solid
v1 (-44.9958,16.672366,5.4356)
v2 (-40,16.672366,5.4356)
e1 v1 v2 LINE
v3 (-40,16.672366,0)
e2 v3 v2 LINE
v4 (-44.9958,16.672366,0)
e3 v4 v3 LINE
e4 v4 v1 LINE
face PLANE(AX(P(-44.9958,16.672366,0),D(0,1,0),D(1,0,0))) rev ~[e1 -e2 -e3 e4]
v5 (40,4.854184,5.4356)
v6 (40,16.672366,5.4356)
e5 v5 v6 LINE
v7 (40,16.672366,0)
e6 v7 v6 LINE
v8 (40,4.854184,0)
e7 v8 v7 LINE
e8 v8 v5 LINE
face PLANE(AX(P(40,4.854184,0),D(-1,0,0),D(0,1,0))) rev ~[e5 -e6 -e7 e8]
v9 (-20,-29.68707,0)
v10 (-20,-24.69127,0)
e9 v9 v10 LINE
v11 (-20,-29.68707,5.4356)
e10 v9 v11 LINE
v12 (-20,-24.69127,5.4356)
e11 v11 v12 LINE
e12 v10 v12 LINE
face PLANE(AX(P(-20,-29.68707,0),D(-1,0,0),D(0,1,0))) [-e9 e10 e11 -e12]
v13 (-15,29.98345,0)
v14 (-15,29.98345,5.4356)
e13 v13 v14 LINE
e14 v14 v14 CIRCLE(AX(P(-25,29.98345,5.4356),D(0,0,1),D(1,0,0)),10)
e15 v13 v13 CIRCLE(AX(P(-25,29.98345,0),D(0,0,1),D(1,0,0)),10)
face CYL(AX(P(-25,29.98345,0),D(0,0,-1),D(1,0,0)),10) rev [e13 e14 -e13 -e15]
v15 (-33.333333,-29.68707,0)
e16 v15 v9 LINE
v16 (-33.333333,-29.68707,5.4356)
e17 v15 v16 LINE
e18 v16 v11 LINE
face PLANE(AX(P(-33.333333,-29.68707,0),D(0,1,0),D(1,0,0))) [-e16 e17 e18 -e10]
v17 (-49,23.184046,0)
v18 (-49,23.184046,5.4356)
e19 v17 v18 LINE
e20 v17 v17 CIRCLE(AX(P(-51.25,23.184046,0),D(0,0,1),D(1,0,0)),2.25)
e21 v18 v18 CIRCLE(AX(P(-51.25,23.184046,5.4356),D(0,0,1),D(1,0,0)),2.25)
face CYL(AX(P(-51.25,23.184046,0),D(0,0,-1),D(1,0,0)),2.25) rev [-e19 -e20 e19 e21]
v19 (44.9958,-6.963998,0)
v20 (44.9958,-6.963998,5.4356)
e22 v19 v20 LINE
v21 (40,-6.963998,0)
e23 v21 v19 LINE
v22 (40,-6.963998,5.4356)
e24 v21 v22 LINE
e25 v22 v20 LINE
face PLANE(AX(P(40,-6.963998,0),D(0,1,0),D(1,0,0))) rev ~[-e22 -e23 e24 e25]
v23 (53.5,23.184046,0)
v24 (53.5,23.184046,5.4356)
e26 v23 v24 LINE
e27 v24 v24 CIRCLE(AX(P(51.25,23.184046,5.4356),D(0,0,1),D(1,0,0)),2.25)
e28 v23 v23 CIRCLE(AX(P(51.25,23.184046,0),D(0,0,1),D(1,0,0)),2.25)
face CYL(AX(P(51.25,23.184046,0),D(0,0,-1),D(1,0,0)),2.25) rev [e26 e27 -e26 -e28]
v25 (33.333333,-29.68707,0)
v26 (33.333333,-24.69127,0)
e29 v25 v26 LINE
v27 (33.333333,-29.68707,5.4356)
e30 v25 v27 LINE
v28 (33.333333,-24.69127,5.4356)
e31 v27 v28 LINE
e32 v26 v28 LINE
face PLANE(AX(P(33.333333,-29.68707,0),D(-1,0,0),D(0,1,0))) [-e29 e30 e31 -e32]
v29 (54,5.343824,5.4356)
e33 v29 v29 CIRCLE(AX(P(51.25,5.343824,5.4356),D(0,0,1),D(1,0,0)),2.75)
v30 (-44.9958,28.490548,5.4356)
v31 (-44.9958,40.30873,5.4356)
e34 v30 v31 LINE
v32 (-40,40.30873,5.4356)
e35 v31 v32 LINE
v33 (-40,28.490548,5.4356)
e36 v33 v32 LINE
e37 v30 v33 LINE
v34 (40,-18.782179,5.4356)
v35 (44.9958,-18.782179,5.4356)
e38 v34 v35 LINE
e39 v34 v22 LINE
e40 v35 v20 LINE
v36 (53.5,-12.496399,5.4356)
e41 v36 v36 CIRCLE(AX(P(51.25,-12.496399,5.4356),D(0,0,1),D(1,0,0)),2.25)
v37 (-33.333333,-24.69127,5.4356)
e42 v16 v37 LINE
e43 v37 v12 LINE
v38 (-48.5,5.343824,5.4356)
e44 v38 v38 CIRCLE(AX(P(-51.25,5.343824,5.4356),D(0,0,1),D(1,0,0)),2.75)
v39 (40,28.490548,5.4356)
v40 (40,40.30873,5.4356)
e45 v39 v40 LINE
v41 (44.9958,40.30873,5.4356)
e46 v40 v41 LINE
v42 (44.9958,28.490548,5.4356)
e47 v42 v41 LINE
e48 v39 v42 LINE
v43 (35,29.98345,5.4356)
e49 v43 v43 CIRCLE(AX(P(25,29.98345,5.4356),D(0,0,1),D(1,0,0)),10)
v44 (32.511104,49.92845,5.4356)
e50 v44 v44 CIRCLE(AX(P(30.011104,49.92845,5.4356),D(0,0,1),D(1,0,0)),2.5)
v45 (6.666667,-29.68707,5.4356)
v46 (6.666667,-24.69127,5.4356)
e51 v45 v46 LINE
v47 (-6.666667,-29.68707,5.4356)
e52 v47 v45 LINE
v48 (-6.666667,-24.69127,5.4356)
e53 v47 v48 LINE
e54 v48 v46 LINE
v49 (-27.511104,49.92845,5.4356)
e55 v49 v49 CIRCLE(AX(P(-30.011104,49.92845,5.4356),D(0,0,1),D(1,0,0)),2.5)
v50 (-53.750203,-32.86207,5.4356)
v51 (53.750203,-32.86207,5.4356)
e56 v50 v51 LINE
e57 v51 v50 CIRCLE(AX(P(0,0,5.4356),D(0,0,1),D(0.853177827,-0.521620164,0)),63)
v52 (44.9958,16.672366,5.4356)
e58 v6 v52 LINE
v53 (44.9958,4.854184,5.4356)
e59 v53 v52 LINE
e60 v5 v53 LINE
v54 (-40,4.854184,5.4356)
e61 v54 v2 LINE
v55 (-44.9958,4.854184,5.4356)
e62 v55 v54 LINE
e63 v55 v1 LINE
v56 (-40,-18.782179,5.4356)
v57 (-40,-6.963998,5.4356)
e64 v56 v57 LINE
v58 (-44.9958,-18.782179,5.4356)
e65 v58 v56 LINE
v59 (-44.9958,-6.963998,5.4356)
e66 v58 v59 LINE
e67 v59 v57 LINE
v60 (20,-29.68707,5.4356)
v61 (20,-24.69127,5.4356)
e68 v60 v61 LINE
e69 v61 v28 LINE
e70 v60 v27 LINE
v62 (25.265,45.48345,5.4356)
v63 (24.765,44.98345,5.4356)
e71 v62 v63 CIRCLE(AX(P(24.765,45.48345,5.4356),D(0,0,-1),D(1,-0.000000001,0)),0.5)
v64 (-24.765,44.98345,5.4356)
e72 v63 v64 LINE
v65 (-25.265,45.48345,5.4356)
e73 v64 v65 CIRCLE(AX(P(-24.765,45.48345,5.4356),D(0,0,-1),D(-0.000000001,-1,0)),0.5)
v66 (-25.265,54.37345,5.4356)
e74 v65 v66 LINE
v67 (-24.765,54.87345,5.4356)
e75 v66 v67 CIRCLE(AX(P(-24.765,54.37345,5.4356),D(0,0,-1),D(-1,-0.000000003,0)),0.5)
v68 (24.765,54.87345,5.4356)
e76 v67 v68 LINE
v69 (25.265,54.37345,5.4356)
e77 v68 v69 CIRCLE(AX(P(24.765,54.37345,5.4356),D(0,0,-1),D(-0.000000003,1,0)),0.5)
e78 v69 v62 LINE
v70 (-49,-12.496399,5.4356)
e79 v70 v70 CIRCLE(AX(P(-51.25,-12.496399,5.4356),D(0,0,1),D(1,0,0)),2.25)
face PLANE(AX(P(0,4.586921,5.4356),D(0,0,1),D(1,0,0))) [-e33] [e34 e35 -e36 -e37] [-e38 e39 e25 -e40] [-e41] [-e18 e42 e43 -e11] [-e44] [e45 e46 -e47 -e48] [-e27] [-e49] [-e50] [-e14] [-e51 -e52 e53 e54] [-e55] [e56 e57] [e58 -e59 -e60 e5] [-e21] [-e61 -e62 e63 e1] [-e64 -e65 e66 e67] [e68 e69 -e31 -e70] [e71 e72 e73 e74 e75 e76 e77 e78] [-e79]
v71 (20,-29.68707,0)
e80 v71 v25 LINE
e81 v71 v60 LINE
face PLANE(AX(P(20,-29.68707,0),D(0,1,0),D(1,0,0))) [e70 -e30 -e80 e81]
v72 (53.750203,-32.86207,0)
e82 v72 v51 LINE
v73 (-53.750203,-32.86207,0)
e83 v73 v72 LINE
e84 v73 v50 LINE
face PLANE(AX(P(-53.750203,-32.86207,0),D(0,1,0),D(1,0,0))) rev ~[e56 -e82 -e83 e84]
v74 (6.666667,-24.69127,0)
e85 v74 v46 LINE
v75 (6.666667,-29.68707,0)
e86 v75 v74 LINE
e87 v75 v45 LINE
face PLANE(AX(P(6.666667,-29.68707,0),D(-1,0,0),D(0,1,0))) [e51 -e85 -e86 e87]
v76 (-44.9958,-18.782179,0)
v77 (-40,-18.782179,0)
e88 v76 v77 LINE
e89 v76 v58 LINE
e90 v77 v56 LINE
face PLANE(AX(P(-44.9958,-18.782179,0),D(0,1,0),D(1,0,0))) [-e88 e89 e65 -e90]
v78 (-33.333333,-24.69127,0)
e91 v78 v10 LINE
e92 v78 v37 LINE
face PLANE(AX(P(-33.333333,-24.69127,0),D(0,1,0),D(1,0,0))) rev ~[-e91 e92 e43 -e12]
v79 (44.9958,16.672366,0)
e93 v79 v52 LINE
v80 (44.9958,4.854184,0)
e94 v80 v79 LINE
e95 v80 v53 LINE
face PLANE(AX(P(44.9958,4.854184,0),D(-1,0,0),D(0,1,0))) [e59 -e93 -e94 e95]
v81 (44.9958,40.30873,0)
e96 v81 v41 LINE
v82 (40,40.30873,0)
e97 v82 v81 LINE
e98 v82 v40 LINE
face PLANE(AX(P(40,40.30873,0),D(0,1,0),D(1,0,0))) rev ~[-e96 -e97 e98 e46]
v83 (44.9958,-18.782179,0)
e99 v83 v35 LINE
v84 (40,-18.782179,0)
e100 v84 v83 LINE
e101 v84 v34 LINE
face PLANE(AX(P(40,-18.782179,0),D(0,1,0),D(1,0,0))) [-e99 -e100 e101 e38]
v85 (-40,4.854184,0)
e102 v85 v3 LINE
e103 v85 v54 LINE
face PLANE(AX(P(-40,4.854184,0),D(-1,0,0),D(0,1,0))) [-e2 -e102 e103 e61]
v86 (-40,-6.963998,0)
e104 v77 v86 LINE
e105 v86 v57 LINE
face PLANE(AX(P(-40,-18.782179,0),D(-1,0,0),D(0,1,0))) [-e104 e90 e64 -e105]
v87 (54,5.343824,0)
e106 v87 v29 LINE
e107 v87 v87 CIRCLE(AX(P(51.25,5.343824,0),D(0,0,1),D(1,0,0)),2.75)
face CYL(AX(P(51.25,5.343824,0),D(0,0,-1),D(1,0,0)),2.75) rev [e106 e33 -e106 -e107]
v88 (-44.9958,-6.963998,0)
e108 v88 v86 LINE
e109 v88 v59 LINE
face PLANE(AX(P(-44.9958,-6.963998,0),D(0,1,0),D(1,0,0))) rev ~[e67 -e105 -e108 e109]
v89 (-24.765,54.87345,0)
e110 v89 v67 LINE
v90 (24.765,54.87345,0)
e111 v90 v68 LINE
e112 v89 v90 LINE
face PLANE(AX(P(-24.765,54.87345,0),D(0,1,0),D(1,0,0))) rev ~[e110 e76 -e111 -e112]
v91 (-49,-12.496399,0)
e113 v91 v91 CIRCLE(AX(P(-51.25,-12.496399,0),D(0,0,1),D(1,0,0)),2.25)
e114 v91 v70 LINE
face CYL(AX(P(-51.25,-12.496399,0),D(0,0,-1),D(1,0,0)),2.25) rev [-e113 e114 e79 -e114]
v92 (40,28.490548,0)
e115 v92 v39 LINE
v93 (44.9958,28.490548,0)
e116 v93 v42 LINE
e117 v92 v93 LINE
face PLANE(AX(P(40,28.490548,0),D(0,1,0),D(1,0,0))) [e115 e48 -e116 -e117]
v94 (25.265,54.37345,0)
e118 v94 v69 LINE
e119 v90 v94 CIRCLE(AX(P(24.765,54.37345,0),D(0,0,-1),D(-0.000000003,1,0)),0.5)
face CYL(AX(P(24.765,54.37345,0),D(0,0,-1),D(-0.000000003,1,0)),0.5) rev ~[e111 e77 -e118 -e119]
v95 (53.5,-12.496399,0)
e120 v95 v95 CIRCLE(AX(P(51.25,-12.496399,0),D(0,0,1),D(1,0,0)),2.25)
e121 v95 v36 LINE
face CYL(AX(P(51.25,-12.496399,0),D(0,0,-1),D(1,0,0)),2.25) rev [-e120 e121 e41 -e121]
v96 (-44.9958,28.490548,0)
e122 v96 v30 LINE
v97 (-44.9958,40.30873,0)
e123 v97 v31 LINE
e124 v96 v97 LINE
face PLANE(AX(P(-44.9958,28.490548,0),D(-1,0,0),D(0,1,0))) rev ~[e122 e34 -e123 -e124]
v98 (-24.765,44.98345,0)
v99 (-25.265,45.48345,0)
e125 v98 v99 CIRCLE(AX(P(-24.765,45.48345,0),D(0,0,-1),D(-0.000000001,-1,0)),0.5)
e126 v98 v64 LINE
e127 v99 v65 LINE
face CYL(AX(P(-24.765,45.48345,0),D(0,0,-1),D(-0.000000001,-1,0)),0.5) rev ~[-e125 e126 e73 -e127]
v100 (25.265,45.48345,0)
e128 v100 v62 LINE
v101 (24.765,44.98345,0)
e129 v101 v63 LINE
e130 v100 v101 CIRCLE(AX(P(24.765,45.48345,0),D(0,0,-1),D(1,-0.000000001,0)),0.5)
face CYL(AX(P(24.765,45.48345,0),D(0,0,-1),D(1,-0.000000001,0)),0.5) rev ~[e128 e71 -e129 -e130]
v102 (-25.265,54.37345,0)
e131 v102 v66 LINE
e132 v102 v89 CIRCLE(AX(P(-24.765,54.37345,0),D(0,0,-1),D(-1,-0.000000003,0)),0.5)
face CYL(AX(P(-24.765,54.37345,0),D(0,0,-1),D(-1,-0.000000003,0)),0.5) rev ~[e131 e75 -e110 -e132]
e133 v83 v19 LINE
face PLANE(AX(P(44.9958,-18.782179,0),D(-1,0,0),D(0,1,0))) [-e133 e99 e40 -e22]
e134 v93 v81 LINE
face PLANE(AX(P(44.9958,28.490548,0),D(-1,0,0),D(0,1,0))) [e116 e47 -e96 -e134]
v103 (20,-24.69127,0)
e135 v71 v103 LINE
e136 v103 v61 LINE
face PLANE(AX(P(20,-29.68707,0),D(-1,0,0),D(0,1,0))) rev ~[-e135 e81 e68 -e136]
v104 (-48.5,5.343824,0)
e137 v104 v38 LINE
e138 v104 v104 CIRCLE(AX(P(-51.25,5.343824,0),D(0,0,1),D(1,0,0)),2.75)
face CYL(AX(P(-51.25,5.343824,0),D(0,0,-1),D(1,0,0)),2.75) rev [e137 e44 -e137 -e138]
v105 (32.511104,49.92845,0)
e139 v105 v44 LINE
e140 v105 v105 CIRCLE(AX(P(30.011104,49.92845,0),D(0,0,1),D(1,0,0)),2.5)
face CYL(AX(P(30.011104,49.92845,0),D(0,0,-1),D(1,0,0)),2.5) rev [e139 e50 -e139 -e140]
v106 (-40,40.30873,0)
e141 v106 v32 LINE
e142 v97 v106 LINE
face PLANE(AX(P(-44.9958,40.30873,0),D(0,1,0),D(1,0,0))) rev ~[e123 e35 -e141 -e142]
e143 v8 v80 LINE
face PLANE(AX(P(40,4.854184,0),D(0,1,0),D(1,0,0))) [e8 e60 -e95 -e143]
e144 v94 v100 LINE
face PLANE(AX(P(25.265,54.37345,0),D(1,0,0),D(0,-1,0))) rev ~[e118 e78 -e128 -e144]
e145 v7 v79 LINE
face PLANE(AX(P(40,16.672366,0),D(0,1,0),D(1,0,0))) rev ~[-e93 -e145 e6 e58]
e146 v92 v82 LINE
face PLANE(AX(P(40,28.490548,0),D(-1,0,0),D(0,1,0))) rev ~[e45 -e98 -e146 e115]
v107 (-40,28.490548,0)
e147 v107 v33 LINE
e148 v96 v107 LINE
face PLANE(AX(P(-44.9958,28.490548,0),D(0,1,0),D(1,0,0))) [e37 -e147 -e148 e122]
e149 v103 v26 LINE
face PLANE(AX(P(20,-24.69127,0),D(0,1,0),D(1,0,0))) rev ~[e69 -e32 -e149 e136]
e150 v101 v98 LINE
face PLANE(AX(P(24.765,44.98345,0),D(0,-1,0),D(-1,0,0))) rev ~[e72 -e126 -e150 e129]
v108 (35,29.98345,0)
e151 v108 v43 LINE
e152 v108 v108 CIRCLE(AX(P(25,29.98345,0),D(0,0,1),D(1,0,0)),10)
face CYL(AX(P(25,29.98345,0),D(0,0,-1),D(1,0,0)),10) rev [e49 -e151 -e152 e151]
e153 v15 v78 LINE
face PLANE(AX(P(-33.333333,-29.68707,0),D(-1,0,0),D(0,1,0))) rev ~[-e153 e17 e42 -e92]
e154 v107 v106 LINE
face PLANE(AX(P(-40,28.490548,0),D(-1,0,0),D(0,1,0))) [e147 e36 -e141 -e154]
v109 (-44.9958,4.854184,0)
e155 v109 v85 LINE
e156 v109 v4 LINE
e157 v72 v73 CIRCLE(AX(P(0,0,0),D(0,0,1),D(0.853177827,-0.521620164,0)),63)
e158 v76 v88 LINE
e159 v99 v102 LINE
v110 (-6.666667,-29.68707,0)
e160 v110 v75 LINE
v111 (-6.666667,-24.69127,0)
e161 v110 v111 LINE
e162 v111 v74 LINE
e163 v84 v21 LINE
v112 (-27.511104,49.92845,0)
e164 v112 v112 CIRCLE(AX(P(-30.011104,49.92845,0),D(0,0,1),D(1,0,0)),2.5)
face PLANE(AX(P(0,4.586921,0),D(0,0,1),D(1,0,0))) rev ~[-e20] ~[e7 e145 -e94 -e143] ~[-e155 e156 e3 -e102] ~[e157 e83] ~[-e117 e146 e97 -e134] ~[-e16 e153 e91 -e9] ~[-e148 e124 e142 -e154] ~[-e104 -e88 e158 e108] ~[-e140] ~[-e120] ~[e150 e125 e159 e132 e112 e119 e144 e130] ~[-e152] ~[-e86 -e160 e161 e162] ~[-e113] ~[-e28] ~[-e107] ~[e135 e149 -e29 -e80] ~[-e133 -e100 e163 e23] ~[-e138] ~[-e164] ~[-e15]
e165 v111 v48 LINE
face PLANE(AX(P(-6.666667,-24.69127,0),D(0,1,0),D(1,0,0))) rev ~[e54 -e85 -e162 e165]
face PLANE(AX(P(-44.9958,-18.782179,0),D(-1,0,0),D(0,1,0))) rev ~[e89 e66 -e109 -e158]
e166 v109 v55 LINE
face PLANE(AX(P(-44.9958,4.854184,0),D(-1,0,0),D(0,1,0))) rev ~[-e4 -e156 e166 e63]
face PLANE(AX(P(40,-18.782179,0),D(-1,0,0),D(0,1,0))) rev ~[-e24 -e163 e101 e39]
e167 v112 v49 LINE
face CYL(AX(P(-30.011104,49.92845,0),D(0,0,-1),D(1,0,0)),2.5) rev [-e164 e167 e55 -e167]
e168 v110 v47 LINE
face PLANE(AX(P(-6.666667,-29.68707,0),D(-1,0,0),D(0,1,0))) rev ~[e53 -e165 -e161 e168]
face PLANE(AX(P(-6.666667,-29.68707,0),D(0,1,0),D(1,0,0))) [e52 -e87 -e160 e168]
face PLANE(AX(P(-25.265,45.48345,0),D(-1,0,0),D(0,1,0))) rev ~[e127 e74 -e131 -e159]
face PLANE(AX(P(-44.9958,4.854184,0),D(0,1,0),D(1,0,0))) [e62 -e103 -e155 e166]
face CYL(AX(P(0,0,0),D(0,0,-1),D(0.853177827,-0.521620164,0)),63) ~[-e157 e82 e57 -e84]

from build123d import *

# Parameters (mm, degrees)
SKETCH1_R           = 2.25
SKETCH1_R_2         = 2.75
SKETCH1_R_3         = 2.5
SKETCH1_R_4         = 10
SKETCH1_W           = 13.333333333
SKETCH1_H           = 4.9958
SKETCH1_W_2         = 4.9958
SKETCH1_H_2         = 11.818181818
SKETCH1_H_3         = 11.818181819
SKETCH1_W_3         = 13.333333334
BOSS_EXTRUDE1_DEPTH = 5.4356


with BuildPart() as part:
    # Sketch1 → Boss-Extrude1 (new body)
    with BuildSketch(Plane.XY):
        with BuildLine():
            Line((-53.750203106, -32.862070326), (53.750203106, -32.862070326))
            ThreePointArc((53.750203106, -32.862070326), (0, 63), (-53.750203106, -32.862070326))
        make_face()
        with Locations((51.25, 23.184046239)):
            Circle(SKETCH1_R, mode=Mode.SUBTRACT)
        with Locations((51.25, -12.496398734)):
            Circle(SKETCH1_R, mode=Mode.SUBTRACT)
        with Locations((-51.25, -12.496398734)):
            Circle(SKETCH1_R, mode=Mode.SUBTRACT)
        with Locations((-51.25, 23.184046239)):
            Circle(SKETCH1_R, mode=Mode.SUBTRACT)
        with Locations((-51.25, 5.343823752)):
            Circle(SKETCH1_R_2, mode=Mode.SUBTRACT)
        with Locations((51.25, 5.343823752)):
            Circle(SKETCH1_R_2, mode=Mode.SUBTRACT)
        with Locations((-30.011103704, 49.928449687)):
            Circle(SKETCH1_R_3, mode=Mode.SUBTRACT)
        with Locations((30.011103704, 49.928449687)):
            Circle(SKETCH1_R_3, mode=Mode.SUBTRACT)
        with Locations((-25, 29.983449687)):
            Circle(SKETCH1_R_4, mode=Mode.SUBTRACT)
        with Locations((25, 29.983449687)):
            Circle(SKETCH1_R_4, mode=Mode.SUBTRACT)
        with BuildLine():
            Line((-24.765, 54.873449687), (24.765, 54.873449687))
            ThreePointArc((24.765, 54.873449687), (25.118553391, 54.727003078), (25.265, 54.373449687))
            Line((25.265, 54.373449687), (25.265, 45.483449687))
            ThreePointArc((25.265, 45.483449687), (25.118553391, 45.129896297), (24.765, 44.983449687))
            Line((24.765, 44.983449687), (-24.765, 44.983449687))
            ThreePointArc((-24.765, 44.983449687), (-25.118553391, 45.129896297), (-25.265, 45.483449687))
            Line((-25.265, 45.483449687), (-25.265, 54.373449687))
            ThreePointArc((-25.265, 54.373449687), (-25.118553391, 54.727003078), (-24.765, 54.873449687))
        make_face(mode=Mode.SUBTRACT)
        with Locations((-26.666666666, -27.189170326)):
            Rectangle(SKETCH1_W, SKETCH1_H, mode=Mode.SUBTRACT)
        with Locations((42.4979, 34.399638765)):
            Rectangle(SKETCH1_W_2, SKETCH1_H_2, mode=Mode.SUBTRACT)
        with Locations((42.4979, 10.763275129)):
            Rectangle(SKETCH1_W_2, SKETCH1_H_3, mode=Mode.SUBTRACT)
        with Locations((-42.4979, 34.399638765)):
            Rectangle(SKETCH1_W_2, SKETCH1_H_2, mode=Mode.SUBTRACT)
        with Locations((-42.4979, 10.763275129)):
            Rectangle(SKETCH1_W_2, SKETCH1_H_3, mode=Mode.SUBTRACT)
        with Locations((-42.4979, -12.873088508)):
            Rectangle(SKETCH1_W_2, SKETCH1_H_2, mode=Mode.SUBTRACT)
        with Locations((42.4979, -12.873088508)):
            Rectangle(SKETCH1_W_2, SKETCH1_H_2, mode=Mode.SUBTRACT)
        with Locations((0, -27.189170326)):
            Rectangle(SKETCH1_W_3, SKETCH1_H, mode=Mode.SUBTRACT)
        with Locations((26.666666666, -27.189170326)):
            Rectangle(SKETCH1_W, SKETCH1_H, mode=Mode.SUBTRACT)
    extrude(amount=BOSS_EXTRUDE1_DEPTH)


solid = part.part
